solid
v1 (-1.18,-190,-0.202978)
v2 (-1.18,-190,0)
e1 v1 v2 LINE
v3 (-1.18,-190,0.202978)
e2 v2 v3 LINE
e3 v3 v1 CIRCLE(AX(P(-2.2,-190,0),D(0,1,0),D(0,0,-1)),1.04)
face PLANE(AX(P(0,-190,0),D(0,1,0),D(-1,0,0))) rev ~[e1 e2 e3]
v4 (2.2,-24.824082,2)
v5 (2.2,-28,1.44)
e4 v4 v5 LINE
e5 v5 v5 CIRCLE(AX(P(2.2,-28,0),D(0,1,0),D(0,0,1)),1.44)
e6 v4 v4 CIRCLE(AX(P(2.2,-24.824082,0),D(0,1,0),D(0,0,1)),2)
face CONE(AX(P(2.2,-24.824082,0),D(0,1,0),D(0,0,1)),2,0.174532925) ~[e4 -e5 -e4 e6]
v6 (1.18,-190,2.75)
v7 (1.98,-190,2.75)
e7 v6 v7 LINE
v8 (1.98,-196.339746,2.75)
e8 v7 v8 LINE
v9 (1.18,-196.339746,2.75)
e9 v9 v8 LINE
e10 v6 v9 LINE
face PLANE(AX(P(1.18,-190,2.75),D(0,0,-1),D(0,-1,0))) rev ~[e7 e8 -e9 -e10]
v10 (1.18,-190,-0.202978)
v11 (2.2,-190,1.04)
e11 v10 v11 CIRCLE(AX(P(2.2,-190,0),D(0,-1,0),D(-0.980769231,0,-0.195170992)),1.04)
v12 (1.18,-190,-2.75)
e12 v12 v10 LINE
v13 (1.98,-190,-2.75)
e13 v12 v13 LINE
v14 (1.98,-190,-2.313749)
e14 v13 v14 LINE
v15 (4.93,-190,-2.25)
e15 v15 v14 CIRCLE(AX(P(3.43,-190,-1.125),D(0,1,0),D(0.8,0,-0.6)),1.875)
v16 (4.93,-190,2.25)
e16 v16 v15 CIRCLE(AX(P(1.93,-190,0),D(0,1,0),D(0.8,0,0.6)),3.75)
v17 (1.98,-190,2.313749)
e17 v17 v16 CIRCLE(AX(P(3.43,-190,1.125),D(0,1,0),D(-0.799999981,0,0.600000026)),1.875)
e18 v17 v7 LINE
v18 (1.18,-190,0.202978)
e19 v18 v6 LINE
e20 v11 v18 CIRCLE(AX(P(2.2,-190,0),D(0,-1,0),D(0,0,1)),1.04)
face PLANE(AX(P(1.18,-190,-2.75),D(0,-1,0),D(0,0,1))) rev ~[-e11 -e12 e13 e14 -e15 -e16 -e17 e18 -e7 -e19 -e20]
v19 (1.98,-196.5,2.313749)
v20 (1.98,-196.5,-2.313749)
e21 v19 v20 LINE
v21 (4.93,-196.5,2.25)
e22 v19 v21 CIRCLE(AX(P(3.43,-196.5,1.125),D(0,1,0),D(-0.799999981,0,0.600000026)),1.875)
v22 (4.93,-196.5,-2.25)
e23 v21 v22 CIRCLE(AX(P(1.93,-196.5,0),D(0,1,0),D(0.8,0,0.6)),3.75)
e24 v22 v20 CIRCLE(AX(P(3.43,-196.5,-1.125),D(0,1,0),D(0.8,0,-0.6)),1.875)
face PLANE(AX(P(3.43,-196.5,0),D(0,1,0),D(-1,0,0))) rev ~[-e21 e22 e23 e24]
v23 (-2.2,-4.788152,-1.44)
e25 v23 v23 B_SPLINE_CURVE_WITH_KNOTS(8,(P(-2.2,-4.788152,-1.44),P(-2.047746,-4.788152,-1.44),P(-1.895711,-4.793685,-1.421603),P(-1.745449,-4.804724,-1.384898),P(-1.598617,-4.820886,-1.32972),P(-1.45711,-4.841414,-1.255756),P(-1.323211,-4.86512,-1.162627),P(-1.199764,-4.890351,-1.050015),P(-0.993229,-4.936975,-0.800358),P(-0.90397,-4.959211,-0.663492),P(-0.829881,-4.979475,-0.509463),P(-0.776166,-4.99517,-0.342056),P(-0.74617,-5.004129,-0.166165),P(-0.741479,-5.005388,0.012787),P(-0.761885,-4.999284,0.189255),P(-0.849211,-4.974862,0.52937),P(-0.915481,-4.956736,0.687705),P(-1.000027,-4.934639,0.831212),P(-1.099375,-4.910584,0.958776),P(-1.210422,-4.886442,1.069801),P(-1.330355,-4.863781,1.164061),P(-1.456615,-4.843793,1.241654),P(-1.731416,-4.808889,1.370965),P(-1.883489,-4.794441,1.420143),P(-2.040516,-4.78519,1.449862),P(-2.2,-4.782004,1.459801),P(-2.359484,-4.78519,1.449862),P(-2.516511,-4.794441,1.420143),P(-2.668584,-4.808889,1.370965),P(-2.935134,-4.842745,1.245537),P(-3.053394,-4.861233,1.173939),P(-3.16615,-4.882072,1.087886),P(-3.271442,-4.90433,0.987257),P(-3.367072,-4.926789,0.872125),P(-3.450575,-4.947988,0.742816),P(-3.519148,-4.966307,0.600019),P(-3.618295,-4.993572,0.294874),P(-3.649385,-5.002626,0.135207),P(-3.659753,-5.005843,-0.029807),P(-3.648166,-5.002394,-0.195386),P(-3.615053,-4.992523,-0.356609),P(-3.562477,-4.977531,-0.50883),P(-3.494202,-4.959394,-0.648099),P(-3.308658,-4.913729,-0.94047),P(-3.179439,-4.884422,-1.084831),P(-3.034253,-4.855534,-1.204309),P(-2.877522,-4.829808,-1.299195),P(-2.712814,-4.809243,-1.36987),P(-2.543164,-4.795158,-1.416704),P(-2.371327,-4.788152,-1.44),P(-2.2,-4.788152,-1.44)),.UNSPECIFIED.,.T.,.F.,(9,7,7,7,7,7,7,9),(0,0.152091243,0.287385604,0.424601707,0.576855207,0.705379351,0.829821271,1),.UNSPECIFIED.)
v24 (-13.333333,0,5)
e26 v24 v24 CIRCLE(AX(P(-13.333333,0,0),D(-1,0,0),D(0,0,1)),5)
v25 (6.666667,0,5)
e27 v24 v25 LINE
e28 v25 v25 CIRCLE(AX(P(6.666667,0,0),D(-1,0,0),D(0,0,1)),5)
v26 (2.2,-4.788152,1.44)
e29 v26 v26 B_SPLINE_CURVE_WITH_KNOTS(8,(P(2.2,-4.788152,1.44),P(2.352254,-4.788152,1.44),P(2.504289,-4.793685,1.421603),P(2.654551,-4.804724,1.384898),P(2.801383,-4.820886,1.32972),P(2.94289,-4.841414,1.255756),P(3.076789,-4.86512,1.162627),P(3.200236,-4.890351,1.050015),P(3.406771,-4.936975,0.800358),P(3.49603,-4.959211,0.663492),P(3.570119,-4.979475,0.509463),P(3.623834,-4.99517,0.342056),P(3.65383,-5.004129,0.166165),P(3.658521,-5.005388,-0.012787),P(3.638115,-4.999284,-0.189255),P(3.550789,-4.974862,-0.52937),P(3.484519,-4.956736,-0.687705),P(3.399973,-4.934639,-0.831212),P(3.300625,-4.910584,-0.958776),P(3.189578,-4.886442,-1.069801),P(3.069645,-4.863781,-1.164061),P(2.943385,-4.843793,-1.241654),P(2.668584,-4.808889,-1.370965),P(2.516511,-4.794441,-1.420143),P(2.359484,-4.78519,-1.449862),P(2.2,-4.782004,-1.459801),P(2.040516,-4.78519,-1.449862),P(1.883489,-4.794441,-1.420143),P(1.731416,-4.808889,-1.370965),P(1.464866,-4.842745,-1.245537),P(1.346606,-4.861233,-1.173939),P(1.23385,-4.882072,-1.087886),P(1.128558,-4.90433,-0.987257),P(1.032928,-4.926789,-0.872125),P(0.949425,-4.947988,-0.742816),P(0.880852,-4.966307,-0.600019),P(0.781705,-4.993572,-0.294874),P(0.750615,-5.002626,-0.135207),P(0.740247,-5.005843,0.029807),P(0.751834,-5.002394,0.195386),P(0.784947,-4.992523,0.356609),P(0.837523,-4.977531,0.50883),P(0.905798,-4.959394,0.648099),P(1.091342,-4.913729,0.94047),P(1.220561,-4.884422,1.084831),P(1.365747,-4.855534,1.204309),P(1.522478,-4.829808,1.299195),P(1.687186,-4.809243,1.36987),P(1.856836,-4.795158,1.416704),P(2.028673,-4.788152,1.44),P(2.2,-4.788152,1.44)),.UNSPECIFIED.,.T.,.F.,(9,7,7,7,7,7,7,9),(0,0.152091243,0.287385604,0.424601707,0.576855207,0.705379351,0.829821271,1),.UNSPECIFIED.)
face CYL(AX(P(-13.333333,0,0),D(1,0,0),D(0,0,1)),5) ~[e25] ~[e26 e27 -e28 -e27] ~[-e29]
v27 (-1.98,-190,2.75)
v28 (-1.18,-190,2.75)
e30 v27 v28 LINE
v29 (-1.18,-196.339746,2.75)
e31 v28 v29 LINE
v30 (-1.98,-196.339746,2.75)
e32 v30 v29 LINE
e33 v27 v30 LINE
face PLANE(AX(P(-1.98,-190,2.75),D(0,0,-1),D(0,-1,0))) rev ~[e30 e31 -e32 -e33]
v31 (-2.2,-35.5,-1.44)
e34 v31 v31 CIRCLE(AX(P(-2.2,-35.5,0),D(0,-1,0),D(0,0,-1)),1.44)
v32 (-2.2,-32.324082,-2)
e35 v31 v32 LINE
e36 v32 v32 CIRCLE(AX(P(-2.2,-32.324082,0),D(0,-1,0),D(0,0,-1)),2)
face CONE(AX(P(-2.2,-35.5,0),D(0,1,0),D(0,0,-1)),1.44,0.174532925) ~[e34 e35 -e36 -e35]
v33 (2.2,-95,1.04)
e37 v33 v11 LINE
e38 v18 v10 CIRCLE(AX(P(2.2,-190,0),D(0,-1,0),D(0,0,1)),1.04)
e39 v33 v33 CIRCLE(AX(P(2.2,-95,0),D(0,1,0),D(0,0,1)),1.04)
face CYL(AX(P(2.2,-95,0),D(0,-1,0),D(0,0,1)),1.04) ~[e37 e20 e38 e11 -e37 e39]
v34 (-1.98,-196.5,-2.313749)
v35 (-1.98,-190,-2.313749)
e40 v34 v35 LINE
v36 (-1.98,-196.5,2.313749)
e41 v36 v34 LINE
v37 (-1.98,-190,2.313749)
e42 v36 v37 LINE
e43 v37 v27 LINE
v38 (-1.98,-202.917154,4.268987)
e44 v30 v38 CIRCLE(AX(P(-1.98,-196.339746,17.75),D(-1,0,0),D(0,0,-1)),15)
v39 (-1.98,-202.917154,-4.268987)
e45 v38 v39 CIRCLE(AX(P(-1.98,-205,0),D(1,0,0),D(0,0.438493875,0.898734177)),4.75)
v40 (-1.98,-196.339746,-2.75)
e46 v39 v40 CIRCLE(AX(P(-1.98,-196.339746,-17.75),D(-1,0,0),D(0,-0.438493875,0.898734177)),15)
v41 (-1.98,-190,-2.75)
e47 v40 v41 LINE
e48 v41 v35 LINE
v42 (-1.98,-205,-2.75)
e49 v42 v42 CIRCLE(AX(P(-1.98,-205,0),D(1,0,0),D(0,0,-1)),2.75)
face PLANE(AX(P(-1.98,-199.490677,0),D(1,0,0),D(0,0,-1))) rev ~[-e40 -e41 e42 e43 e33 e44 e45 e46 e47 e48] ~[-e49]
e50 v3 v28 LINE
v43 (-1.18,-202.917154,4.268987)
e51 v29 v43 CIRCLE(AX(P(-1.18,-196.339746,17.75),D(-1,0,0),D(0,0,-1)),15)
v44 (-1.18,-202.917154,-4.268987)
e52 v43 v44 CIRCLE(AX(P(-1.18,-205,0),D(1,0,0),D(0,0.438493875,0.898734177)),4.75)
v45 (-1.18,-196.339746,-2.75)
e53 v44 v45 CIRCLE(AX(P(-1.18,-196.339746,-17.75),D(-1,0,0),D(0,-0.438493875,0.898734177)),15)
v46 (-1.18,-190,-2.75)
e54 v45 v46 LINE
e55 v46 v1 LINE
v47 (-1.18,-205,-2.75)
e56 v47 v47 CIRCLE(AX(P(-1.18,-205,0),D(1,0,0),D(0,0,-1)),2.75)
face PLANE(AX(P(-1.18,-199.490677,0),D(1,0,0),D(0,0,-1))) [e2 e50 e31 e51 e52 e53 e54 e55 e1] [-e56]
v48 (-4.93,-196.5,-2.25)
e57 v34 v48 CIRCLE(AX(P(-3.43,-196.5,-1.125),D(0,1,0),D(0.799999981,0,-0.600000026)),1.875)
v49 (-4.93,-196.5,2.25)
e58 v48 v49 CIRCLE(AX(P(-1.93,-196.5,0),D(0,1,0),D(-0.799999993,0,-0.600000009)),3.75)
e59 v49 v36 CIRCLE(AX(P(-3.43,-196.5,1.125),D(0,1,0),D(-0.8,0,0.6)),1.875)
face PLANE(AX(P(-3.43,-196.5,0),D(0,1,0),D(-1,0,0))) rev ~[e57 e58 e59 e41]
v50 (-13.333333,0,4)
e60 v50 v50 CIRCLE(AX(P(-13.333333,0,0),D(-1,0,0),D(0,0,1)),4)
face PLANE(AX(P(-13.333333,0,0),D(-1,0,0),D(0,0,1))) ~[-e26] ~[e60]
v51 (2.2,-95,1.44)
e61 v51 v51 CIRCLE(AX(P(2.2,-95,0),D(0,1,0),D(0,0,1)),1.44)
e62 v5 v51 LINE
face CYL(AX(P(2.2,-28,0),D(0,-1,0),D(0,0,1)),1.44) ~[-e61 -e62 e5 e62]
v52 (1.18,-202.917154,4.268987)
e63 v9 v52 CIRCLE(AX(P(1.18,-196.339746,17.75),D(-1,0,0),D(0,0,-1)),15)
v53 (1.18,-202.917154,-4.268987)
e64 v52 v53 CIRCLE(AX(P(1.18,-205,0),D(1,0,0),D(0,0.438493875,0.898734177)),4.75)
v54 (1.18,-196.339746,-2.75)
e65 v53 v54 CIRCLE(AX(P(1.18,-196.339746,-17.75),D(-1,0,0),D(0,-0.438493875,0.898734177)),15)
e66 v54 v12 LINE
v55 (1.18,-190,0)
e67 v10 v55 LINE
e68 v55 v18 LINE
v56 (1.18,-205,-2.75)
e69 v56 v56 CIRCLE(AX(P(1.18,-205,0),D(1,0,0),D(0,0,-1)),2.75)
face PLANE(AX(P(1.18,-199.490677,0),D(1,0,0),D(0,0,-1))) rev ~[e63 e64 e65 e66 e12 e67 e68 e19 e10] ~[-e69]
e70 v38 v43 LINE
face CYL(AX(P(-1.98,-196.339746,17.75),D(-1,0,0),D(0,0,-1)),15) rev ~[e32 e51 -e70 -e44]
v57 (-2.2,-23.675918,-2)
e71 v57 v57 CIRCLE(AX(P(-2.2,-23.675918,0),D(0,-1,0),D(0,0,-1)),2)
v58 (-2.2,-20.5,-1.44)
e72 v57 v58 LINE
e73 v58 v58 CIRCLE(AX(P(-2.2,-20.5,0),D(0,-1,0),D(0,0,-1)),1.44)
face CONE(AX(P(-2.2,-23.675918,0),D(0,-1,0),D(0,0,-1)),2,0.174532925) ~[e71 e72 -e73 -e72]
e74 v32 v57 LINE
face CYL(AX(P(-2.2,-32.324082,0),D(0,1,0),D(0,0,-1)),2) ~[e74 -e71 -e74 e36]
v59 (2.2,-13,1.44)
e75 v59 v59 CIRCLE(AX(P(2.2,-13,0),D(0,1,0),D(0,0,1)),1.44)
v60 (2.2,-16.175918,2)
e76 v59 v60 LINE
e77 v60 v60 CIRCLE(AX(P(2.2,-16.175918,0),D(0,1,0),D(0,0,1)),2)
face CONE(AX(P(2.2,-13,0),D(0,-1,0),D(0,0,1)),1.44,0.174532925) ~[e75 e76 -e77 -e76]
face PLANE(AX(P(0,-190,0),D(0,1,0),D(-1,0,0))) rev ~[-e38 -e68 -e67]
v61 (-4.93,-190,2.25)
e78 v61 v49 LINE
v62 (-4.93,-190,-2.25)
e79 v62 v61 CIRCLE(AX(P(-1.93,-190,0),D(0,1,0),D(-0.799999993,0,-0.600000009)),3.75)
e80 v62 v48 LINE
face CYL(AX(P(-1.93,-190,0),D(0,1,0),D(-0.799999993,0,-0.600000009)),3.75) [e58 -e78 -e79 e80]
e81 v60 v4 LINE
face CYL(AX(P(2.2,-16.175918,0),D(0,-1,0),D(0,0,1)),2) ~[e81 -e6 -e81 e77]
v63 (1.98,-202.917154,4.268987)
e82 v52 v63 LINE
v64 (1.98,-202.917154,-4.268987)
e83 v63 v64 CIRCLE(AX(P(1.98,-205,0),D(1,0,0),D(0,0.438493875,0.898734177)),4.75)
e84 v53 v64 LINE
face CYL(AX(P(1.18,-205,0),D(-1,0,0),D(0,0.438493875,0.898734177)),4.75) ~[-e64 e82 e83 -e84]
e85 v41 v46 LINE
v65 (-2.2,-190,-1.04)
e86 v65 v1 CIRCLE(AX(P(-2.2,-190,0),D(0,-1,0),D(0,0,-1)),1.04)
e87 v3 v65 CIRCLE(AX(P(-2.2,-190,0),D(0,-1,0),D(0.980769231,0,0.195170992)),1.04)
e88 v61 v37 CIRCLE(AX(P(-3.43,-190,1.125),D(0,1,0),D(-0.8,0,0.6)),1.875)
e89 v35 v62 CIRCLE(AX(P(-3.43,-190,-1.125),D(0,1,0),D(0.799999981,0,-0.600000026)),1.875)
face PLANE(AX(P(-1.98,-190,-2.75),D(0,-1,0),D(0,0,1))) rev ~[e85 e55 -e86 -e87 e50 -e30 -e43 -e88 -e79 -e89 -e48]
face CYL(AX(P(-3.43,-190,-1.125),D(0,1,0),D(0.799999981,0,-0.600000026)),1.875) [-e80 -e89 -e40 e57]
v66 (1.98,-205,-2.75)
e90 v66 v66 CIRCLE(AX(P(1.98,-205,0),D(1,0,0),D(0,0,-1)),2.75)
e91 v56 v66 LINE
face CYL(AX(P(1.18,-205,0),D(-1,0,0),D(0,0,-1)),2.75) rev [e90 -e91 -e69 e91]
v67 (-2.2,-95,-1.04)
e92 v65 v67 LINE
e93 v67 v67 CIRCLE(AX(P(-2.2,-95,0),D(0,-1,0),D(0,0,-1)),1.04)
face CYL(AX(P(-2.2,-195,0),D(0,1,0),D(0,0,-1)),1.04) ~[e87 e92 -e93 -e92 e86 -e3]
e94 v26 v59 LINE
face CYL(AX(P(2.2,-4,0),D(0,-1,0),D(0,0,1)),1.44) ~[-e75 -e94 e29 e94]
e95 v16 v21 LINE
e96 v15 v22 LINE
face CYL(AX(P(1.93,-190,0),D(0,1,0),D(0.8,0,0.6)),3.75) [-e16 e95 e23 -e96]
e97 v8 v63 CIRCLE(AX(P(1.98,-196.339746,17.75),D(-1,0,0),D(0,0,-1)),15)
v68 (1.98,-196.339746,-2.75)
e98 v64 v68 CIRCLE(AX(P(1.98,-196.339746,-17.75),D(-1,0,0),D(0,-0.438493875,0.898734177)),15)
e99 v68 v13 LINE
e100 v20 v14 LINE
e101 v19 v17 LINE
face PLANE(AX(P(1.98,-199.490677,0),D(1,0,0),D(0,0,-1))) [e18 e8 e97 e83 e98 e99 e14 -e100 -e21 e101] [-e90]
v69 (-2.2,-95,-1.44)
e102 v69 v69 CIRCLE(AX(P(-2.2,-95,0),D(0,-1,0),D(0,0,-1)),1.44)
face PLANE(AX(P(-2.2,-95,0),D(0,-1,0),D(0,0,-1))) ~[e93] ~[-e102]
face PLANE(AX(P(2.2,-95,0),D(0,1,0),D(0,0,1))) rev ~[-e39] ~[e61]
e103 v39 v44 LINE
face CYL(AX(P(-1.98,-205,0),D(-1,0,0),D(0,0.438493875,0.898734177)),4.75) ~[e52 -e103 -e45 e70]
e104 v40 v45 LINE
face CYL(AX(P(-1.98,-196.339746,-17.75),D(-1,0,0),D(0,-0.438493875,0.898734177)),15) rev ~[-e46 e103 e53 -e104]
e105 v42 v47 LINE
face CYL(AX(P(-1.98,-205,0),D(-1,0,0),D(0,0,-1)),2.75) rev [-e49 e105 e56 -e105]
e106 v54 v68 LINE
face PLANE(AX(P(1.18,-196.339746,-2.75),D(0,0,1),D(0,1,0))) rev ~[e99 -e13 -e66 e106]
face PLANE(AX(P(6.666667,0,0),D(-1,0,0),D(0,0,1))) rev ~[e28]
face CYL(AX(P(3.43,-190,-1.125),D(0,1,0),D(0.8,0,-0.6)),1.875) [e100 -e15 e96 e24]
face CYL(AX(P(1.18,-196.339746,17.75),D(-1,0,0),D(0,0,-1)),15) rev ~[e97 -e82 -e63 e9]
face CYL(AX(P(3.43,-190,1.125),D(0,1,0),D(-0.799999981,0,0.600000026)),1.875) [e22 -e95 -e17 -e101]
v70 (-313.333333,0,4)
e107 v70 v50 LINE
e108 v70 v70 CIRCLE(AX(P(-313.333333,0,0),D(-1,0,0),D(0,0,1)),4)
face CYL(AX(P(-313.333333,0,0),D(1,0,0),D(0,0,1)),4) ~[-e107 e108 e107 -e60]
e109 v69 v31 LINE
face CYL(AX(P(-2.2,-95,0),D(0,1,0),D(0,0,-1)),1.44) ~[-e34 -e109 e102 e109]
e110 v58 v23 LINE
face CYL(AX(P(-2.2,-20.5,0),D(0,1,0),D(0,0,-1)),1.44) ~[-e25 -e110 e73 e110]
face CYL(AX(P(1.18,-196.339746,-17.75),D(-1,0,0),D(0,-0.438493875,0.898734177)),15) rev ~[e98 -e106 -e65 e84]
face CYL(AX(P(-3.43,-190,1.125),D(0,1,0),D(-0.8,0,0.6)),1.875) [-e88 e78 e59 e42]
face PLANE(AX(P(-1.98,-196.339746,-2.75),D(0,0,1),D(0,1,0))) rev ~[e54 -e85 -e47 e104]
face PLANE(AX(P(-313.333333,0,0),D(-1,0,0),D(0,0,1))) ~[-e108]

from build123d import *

# Parameters (mm, degrees)
SKETCH4_R           = 25.817449465
CUT_EXTRUDE1_DEPTH  = 20
BOSS_EXTRUDE2_DEPTH = 6.5
BOSS_EXTRUDE3_DEPTH = 6.5
SKETCH7_R           = 2.75
BOSS_EXTRUDE4_DEPTH = 0.8
BOSS_EXTRUDE5_START = -0.8
SKETCH8_R           = 2.75
BOSS_EXTRUDE5_DEPTH = 0.8


with BuildPart() as part:
    # Sketch1 → Revolve1 (revolve)
    with BuildSketch(Plane.XY, mode=Mode.PRIVATE) as revolve1_sk:
        Polygon((-313.333333333, 0), (-313.333333333, 4), (-13.333333333, 4), (-13.333333333, 5), (6.666666667, 5), (6.666666667, 0), align=None)
    revolve(revolve1_sk.sketch.rotate(Axis((6.666666667, 0, 0), (-1, 0, 0)), 270), axis=Axis((6.666666667, 0, 0), (-1, 0, 0)))

    # Sketch2 → Revolve2 (revolve)
    with BuildSketch(Plane.XY, mode=Mode.PRIVATE) as revolve2_sk:
        Polygon((2.2, -4), (3.64, -4), (3.64, -13), (4.2, -16.175917819), (4.2, -24.824082181), (3.64, -28), (3.64, -95), (3.24, -95), (3.24, -195), (2.2, -195), align=None)
    revolve(revolve2_sk.sketch.rotate(Axis((2.2, -195, 0), (0, 1, 0)), 270), axis=Axis((2.2, -195, 0), (0, 1, 0)))

    # Sketch3 → Revolve3 (revolve)
    with BuildSketch(Plane.XY, mode=Mode.PRIVATE) as revolve3_sk:
        Polygon((-2.2, -195), (-3.24, -195), (-3.24, -95), (-3.64, -95), (-3.64, -35.5), (-4.2, -32.324082181), (-4.2, -23.675917819), (-3.64, -20.5), (-3.64, -4), (-2.2, -4), align=None)
    revolve(revolve3_sk.sketch.rotate(Axis((-2.2, -4, 0), (0, -1, 0)), 90), axis=Axis((-2.2, -4, 0), (0, -1, 0)))

    # Sketch4 → Cut-Extrude1 (cut)
    with BuildSketch(Plane(origin=(0, -190, 0), x_dir=(-1, 0, 0), z_dir=(0, 1, 0))):
        Circle(SKETCH4_R)
    extrude(amount=-CUT_EXTRUDE1_DEPTH, mode=Mode.SUBTRACT)

    # Sketch5 → Boss-Extrude2 (add)
    with BuildSketch(Plane(origin=(0, -190, 0), x_dir=(-1, 0, 0), z_dir=(0, 1, 0))):
        with BuildLine():
            ThreePointArc((-1.930000033, -2.250000045), (-1.18, 2e-09), (-1.930000036, 2.250000048))
            ThreePointArc((-1.930000036, 2.250000048), (-3.43000003, 3), (-4.93, 2.25))
            ThreePointArc((-4.93, 2.25), (-5.68, 0), (-4.93, -2.25))
            ThreePointArc((-4.93, -2.25), (-3.430000028, -3), (-1.930000033, -2.250000045))
        make_face()
    extrude(amount=-BOSS_EXTRUDE2_DEPTH)

    # Sketch6 → Boss-Extrude3 (add)
    with BuildSketch(Plane(origin=(0, -190, 0), x_dir=(-1, 0, 0), z_dir=(0, 1, 0))):
        with BuildLine():
            ThreePointArc((4.929999975, -2.250000034), (5.68, -2.1e-08), (4.93, 2.25))
            ThreePointArc((4.93, 2.25), (3.430000035, 3), (1.930000042, 2.250000056))
            ThreePointArc((1.930000042, 2.250000056), (1.18, 5e-09), (1.930000036, -2.250000048))
            ThreePointArc((1.930000036, -2.250000048), (3.430000009, -3), (4.929999975, -2.250000034))
        make_face()
    extrude(amount=-BOSS_EXTRUDE3_DEPTH)

    # Sketch7 → Boss-Extrude4 (add)
    with BuildSketch(Plane(origin=(1.18, 0, 0), x_dir=(0, 0, -1), z_dir=(1, 0, 0))):
        with BuildLine():
            Line((2.75, -196.339745962), (2.75, -190))
            Line((2.75, -190), (-2.75, -190))
            Line((-2.75, -190), (-2.75, -196.339745962))
            ThreePointArc((-2.75, -196.339745962), (-3.134679445, -199.715009665), (-4.268987342, -202.917154092))
            ThreePointArc((-4.268987342, -202.917154092), (0, -209.75), (4.268987342, -202.917154092))
            ThreePointArc((4.268987342, -202.917154092), (3.134679445, -199.715009665), (2.75, -196.339745962))
        make_face()
        with Locations((0, -205)):
            Circle(SKETCH7_R, mode=Mode.SUBTRACT)
    extrude(amount=BOSS_EXTRUDE4_DEPTH)

    # Sketch8 → Boss-Extrude5 (add)
    with BuildSketch(Plane(origin=(-1.18, 0, 0), x_dir=(0, 0, -1), z_dir=(1, 0, 0)).offset(BOSS_EXTRUDE5_START)):
        with BuildLine():
            Line((2.75, -196.339745962), (2.75, -190))
            Line((2.75, -190), (-2.75, -190))
            Line((-2.75, -190), (-2.75, -196.339745962))
            ThreePointArc((-2.75, -196.339745962), (-3.134679445, -199.715009665), (-4.268987342, -202.917154092))
            ThreePointArc((-4.268987342, -202.917154092), (0, -209.75), (4.268987342, -202.917154092))
            ThreePointArc((4.268987342, -202.917154092), (3.134679445, -199.715009665), (2.75, -196.339745962))
        make_face()
        with Locations((0, -205)):
            Circle(SKETCH8_R, mode=Mode.SUBTRACT)
    extrude(amount=BOSS_EXTRUDE5_DEPTH)


solid = part.part
